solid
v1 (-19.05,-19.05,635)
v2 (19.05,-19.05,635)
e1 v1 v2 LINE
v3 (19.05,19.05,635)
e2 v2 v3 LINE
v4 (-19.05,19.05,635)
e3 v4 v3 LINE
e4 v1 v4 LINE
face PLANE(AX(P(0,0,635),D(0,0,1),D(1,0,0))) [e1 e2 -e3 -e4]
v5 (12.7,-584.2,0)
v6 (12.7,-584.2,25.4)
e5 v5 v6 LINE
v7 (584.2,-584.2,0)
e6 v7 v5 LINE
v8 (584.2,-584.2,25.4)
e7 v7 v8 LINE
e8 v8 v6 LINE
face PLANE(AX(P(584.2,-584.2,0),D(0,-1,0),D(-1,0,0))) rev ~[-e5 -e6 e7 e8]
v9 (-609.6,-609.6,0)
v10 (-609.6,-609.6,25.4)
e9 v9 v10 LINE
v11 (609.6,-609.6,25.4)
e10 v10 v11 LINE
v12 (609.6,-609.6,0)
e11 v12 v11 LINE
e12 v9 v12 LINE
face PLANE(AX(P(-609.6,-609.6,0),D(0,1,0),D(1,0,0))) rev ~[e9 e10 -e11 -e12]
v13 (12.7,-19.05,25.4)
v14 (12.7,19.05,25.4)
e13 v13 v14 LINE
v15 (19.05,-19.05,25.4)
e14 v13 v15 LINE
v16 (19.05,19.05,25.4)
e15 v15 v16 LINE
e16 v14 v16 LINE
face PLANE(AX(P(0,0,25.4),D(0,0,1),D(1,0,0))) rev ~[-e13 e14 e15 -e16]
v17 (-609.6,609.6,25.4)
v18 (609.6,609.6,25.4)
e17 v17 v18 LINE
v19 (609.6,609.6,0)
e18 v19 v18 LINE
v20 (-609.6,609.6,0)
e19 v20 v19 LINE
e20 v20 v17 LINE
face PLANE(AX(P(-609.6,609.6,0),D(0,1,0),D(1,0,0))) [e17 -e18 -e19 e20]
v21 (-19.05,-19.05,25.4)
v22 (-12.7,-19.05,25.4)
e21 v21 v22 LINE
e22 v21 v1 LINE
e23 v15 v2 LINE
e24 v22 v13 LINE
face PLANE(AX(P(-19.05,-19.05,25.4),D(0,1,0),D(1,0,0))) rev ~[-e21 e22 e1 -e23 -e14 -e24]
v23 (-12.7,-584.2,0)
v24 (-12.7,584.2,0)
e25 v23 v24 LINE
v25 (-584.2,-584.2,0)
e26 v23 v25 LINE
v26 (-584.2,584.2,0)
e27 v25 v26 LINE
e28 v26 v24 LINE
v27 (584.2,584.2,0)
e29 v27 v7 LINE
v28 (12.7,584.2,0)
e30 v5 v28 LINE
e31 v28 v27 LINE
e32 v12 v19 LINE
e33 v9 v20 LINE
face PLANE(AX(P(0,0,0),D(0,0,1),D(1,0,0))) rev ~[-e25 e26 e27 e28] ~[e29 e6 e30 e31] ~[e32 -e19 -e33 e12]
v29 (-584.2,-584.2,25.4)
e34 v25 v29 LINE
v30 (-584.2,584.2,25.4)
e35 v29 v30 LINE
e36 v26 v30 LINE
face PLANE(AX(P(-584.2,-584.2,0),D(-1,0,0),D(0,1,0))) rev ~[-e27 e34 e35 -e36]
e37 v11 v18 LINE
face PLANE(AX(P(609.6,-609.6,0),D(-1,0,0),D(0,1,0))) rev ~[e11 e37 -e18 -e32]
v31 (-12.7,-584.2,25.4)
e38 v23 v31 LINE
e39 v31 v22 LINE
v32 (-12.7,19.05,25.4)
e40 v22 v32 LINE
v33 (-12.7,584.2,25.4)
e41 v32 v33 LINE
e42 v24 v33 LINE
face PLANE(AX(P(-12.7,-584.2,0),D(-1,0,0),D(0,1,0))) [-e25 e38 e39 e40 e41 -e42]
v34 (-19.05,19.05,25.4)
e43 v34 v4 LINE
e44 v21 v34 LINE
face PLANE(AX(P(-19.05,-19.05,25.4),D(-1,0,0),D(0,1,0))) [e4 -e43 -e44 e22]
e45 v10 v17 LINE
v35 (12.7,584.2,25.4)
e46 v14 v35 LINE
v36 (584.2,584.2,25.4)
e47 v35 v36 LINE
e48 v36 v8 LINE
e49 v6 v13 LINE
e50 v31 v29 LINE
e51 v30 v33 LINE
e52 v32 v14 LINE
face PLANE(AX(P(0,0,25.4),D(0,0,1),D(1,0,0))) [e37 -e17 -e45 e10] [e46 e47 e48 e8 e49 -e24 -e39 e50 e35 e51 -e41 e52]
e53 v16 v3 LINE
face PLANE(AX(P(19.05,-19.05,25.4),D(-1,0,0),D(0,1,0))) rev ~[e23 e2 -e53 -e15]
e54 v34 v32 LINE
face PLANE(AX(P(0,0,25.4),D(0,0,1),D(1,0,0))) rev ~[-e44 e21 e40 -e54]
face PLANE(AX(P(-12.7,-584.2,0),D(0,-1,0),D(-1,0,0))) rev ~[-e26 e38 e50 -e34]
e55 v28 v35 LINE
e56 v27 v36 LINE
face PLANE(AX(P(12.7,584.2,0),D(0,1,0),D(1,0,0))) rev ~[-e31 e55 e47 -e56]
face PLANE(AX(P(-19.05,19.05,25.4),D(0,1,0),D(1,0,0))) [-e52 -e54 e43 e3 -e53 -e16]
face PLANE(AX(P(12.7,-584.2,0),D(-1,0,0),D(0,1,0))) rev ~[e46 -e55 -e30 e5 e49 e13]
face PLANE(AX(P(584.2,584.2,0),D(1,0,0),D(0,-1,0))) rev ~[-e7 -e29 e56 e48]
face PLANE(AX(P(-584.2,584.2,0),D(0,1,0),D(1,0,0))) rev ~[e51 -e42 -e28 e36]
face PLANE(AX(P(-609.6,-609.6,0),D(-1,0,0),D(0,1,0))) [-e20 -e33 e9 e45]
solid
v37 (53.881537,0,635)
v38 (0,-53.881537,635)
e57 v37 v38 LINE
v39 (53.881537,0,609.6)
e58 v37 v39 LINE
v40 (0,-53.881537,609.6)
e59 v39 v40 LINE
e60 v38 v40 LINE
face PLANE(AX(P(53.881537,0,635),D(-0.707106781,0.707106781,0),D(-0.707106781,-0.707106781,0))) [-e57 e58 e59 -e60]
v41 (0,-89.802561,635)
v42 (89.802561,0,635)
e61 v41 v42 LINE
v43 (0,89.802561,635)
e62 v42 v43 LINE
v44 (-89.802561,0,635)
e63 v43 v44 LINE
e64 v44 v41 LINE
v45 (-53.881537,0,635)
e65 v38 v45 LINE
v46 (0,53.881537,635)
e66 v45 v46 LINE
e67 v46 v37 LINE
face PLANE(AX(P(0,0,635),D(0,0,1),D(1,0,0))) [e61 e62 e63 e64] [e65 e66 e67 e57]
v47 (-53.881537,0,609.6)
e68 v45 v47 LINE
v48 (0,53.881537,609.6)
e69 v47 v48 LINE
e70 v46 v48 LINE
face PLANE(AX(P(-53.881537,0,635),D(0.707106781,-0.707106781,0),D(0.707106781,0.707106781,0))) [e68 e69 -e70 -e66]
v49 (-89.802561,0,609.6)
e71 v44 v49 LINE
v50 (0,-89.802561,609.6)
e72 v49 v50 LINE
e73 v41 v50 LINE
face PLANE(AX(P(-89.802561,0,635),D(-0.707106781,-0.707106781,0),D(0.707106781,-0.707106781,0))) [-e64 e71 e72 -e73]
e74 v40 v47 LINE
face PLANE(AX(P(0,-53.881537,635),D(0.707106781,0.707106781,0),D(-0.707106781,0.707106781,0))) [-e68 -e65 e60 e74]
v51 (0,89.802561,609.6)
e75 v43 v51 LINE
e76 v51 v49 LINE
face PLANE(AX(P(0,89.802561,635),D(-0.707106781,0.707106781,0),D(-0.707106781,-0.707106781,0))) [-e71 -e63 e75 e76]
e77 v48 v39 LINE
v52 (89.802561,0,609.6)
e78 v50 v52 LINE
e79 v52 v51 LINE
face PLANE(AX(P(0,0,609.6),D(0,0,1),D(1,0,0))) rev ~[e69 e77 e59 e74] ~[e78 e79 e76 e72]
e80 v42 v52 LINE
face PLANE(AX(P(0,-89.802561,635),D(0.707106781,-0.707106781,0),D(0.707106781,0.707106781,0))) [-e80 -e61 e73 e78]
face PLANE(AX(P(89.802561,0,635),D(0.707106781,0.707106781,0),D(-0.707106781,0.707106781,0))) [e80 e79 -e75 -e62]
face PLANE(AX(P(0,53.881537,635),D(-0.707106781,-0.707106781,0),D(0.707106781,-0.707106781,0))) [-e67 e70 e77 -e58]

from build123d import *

# Parameters (mm, degrees)
F0_W     = 1219.2
F0_H     = 1219.2
F0_W_2   = 25.4
F0_H_2   = 1168.4
F1_DEPTH = 25.4
F3_W     = 38.1
F3_H     = 38.1
F4_DEPTH = 609.6
F6_DEPTH = 25.4


with BuildPart() as f1:
    # F0 (on Top) → F1 (new body)
    with BuildSketch(Plane.XY):
        Rectangle(F0_W, F0_H)
        Polygon((-12.7, -584.2), (-584.2, -584.2), (-584.2, 584.2), (-12.7, 584.2), (12.7, 584.2), (584.2, 584.2), (584.2, -584.2), (12.7, -584.2), align=None, mode=Mode.SUBTRACT)
        Rectangle(F0_W_2, F0_H_2)
    extrude(amount=F1_DEPTH)

    # F3 (on face) → F4 (join)
    with BuildSketch(Plane.XY.offset(25.4)):
        Rectangle(F3_W, F3_H)
    extrude(amount=F4_DEPTH)


with BuildPart() as f6:
    # F5 (on face) → F6 (new body)
    with BuildSketch(Plane.XY.offset(635)):
        Polygon((89.802561, 0), (0, 89.802561), (-89.802561, 0), (0, -89.802561), align=None)
        Polygon((0, -53.881537), (-53.881537, 0), (0, 53.881537), (53.881537, 0), align=None, mode=Mode.SUBTRACT)
    extrude(amount=-F6_DEPTH)


solid = Compound([f1.part, f6.part])
